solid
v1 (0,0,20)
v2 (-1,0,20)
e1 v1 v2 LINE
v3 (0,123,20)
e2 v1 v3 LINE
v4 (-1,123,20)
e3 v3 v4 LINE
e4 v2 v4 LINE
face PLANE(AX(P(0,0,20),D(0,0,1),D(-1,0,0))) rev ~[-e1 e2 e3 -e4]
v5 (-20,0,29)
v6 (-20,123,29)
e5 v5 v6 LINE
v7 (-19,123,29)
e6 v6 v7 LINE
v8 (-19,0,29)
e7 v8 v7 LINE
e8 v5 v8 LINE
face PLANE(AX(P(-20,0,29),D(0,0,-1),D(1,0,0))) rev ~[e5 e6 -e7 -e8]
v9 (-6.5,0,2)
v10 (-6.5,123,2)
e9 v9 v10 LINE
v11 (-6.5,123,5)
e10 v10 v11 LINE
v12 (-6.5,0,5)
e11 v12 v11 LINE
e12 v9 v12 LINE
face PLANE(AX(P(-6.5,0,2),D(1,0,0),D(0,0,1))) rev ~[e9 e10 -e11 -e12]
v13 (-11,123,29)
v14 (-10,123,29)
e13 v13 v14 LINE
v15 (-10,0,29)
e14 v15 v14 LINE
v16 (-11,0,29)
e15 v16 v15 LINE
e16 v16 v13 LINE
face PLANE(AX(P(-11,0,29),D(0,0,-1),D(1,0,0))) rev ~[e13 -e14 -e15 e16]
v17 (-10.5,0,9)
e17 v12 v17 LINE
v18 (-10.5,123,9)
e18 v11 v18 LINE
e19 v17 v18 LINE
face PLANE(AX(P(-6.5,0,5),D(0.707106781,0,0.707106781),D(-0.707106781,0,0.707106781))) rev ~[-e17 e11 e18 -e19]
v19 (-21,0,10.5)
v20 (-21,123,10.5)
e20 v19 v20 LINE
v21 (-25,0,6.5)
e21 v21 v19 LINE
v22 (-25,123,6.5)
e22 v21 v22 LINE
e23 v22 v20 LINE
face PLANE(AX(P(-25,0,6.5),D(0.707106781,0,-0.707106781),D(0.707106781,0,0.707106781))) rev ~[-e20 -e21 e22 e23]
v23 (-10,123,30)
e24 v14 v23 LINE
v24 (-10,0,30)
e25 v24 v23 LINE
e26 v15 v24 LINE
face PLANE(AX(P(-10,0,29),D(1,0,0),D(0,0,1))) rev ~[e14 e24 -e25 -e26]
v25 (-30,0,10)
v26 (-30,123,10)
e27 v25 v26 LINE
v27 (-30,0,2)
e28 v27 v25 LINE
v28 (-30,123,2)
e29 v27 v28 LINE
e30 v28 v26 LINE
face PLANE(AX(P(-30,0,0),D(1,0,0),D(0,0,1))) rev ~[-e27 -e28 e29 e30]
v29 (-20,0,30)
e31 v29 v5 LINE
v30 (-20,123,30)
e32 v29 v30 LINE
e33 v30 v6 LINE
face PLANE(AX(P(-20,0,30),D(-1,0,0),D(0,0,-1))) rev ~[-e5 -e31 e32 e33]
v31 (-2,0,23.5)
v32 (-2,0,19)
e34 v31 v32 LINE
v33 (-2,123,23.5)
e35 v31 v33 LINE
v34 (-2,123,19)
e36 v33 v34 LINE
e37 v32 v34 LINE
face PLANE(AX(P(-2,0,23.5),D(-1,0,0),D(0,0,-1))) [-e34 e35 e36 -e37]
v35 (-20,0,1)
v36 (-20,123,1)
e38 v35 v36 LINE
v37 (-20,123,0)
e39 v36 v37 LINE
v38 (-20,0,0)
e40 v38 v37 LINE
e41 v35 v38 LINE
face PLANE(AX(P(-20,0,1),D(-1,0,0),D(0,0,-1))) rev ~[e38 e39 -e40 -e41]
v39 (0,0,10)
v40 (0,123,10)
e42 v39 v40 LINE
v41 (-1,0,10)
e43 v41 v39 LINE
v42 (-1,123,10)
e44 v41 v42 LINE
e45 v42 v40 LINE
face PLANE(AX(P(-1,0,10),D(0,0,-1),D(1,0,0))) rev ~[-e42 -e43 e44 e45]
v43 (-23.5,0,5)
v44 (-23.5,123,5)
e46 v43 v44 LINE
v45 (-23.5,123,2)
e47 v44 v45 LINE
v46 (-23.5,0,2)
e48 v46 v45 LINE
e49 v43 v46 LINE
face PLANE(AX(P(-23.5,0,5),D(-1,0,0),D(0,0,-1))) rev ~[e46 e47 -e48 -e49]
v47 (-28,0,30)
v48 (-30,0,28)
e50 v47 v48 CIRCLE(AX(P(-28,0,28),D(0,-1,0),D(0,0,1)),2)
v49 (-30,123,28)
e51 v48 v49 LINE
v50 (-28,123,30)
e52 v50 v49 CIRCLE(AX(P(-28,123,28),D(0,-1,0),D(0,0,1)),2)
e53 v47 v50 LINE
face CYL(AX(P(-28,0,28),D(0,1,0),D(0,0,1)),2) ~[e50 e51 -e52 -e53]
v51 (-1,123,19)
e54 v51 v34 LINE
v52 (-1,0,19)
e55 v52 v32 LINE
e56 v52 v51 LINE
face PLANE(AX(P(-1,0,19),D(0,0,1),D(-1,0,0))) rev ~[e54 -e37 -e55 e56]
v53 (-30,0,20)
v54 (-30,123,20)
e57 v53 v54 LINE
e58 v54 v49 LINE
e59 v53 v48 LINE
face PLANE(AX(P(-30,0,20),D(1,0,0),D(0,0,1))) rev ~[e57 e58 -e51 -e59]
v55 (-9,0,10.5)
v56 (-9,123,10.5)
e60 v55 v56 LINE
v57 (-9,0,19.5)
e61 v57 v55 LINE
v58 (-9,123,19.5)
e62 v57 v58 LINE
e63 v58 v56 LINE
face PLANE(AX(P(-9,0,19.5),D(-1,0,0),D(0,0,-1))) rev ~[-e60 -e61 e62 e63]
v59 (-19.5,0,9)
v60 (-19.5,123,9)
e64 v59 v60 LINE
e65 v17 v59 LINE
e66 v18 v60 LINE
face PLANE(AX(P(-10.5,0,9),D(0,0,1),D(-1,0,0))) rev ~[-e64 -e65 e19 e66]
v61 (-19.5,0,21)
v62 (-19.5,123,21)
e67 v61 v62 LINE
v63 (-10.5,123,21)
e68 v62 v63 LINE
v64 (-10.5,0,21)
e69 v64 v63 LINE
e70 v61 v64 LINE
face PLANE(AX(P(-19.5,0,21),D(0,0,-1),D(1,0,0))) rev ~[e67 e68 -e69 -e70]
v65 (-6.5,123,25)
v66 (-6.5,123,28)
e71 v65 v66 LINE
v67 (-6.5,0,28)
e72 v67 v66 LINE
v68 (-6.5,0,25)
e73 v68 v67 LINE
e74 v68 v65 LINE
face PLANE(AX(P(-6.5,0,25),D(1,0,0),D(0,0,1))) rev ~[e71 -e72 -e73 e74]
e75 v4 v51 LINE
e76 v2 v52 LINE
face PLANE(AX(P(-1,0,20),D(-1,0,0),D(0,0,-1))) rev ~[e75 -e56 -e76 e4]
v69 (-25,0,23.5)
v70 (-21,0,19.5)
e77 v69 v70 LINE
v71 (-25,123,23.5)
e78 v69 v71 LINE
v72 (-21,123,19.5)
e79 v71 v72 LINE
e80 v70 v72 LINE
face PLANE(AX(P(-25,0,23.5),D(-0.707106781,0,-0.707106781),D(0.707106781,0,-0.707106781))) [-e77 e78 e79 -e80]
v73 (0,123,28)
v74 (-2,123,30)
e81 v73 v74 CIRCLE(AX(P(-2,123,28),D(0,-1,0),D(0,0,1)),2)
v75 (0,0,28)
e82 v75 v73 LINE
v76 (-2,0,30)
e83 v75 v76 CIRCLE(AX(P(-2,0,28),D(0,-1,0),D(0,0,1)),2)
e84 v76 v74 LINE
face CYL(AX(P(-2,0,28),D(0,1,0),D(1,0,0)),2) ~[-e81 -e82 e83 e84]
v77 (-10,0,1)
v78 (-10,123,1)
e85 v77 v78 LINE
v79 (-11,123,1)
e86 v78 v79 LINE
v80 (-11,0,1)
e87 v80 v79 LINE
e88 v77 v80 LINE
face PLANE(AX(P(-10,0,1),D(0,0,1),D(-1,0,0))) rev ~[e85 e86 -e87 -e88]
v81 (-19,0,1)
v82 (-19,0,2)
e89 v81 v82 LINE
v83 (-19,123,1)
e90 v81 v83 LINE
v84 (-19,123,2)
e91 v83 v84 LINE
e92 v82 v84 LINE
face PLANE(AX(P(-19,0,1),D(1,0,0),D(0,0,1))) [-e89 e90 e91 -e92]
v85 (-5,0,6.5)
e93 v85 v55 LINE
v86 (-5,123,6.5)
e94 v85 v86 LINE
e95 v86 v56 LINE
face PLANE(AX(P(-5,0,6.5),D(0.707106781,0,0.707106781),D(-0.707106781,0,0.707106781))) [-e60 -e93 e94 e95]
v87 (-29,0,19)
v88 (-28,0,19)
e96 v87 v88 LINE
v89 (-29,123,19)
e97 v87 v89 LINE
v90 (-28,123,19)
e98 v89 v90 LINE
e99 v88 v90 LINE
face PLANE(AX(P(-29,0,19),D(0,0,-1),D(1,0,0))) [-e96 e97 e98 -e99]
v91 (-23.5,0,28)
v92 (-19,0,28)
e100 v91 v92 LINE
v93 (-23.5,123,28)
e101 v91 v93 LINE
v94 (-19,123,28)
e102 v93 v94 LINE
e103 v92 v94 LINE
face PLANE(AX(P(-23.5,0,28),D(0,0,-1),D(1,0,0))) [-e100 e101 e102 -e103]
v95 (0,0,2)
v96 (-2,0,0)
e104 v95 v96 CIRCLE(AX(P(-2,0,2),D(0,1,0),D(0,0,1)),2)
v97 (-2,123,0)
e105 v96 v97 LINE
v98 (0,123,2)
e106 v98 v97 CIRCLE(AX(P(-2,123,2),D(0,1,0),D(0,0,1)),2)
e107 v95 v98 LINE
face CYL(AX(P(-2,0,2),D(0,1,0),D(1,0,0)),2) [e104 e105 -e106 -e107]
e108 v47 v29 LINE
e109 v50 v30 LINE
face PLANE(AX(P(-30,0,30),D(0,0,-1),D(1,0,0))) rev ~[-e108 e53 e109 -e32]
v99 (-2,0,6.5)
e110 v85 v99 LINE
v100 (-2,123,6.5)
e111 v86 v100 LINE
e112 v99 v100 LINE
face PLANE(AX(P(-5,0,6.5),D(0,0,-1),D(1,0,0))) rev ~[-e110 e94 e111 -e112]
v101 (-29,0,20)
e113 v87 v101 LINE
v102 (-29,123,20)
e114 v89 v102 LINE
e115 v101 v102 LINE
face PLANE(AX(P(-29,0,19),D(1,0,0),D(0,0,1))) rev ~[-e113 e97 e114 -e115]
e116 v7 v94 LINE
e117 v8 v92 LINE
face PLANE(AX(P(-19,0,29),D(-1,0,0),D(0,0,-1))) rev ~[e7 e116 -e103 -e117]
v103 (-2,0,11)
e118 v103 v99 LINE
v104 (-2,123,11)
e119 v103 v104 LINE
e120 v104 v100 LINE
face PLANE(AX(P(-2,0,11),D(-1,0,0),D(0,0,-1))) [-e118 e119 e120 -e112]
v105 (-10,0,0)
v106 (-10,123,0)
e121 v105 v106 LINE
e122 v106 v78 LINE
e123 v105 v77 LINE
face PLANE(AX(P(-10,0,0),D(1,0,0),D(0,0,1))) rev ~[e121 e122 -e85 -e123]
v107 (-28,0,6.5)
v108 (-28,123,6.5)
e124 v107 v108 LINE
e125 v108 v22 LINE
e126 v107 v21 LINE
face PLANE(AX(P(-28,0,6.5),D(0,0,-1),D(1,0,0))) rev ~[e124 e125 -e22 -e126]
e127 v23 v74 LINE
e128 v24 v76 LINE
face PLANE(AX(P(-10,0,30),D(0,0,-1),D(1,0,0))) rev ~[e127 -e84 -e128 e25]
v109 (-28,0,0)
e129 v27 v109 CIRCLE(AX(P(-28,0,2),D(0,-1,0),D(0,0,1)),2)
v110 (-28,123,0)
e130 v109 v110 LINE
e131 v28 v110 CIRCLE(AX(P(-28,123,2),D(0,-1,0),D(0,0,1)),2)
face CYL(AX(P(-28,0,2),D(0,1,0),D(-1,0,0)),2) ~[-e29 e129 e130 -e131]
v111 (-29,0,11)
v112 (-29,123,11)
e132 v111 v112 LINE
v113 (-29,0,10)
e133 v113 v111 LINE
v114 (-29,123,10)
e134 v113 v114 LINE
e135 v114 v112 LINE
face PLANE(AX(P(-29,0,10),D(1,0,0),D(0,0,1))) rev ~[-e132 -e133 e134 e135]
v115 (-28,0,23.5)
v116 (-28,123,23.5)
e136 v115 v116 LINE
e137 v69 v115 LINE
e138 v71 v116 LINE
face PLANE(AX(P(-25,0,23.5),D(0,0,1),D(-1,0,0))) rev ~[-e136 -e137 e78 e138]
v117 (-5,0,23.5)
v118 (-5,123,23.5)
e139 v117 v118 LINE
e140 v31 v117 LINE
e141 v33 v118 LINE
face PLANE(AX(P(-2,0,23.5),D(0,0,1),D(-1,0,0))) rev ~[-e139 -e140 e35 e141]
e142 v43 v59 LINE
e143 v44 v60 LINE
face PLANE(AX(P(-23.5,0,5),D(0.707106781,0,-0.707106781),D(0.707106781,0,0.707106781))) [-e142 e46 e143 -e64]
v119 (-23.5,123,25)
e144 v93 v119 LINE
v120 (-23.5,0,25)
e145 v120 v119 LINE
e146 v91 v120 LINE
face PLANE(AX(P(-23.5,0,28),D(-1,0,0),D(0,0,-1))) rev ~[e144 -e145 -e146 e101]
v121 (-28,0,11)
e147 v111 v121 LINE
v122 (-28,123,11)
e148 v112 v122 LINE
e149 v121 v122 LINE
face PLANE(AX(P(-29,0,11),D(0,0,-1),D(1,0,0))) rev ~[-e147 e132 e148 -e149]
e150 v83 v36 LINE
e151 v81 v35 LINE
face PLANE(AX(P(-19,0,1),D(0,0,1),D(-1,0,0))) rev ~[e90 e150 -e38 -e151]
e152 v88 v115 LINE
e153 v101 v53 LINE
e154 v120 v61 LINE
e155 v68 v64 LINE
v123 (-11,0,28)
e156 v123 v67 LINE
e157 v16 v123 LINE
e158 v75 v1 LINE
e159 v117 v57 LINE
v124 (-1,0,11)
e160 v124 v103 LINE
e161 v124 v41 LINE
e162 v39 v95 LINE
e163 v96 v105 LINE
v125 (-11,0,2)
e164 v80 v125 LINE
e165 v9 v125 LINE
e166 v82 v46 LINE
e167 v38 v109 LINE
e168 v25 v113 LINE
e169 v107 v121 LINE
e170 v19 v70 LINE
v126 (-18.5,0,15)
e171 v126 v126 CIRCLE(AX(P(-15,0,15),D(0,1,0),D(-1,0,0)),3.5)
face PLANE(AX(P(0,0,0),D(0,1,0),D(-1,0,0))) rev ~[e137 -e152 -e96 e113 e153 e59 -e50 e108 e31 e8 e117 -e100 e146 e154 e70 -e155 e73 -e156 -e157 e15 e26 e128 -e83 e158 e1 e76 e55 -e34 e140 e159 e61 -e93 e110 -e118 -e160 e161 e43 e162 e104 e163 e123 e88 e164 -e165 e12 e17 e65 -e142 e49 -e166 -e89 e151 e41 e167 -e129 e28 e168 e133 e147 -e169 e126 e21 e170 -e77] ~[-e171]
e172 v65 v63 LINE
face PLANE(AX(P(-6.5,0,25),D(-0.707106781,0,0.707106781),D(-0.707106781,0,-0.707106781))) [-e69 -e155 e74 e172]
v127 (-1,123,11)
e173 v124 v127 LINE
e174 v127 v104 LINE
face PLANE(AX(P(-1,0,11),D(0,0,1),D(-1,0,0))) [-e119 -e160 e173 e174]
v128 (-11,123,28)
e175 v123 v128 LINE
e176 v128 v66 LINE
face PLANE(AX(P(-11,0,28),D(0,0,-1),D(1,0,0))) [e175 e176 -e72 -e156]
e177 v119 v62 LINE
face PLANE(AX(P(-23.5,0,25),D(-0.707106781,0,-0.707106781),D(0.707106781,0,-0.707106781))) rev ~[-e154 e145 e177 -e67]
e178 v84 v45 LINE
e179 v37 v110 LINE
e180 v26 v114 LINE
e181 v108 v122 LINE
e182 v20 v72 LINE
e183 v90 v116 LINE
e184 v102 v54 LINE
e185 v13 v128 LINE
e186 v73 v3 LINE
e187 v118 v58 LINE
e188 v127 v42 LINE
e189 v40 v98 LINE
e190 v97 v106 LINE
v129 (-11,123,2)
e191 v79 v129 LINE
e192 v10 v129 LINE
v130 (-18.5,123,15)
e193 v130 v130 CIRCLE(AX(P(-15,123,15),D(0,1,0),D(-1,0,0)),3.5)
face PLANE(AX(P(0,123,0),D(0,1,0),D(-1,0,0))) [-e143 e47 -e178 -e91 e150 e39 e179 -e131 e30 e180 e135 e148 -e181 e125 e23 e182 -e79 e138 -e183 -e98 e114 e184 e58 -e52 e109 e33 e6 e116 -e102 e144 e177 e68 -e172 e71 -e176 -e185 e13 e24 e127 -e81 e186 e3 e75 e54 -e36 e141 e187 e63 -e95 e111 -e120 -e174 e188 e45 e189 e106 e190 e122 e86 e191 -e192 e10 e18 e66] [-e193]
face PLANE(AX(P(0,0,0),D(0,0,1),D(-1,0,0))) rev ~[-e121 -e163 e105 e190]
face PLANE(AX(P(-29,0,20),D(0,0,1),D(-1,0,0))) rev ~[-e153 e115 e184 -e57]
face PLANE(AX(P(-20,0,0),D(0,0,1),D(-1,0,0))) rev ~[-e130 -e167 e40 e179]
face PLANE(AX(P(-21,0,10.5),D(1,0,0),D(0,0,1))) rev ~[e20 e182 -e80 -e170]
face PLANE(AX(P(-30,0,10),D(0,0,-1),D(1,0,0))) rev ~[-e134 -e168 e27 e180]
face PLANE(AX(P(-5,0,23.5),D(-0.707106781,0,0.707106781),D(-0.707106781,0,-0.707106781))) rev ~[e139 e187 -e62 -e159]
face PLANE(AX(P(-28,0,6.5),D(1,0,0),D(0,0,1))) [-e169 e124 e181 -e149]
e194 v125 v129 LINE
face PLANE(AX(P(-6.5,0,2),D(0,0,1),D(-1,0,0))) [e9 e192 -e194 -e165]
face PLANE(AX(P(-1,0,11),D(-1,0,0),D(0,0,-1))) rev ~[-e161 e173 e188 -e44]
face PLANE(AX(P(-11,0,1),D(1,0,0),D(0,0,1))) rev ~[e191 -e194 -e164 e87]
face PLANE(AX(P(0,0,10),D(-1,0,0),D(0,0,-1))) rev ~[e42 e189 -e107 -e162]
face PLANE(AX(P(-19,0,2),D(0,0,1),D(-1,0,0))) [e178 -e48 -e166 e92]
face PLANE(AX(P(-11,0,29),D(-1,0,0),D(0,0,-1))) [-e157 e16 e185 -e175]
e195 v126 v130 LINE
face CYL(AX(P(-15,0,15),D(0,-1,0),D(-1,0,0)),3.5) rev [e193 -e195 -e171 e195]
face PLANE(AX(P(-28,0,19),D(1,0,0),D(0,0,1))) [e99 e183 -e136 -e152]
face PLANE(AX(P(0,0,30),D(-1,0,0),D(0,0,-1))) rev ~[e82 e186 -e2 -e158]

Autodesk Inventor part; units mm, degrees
ref_plane "YZ Plane" through (0, 0, 0) normal (1, 0, 0) x (0, 1, 0)
ref_plane "XZ Plane" through (0, 0, 0) normal (0, 1, 0) x (-1, 0, 0)
ref_plane "XY Plane" through (0, 0, 0) normal (0, 0, 1) x (1, 0, 0)
sketch "Skizze2" plane through (0, 0, 0) normal (0, 1, 0) x (-1, 0, 0)
  line L0 (0, 0) -> (30, 0)
  line L1 (30, 0) -> (30, 30)
  line L2 (30, 30) -> (0, 30)
  line L3 (0, 30) -> (0, 0)
  line L4 (28, 28) -> (2, 28)
  line L5 (2, 28) -> (2, 2)
  line L6 (2, 2) -> (28, 2)
  line L7 (28, 2) -> (28, 28)
  line L8 (19, 30) -> (19, 28)
  line L9 (11, 30) -> (11, 28)
  line L10 (23.5, 28) -> (23.5, 25)
  line L11 (19.5, 21) -> (10.5, 21)
  line L12 (6.5, 25) -> (6.5, 28)
  line L13 (23.5, 25) -> (19.5, 21)
  line L14 (6.5, 25) -> (10.5, 21)
  line L15 (5, 6.5) -> (2, 6.5)
  line L16 (9, 19.5) -> (9, 10.5)
  line L17 (5, 23.5) -> (9, 19.5)
  line L18 (2, 23.5) -> (5, 23.5)
  line L19 (0, 19) -> (2, 19)
  line L20 (0, 11) -> (2, 11)
  line L21 (5, 6.5) -> (9, 10.5)
  line L22 (23.5, 5) -> (23.5, 2)
  line L23 (10.5, 9) -> (19.5, 9)
  line L24 (6.5, 5) -> (10.5, 9)
  line L25 (6.5, 2) -> (6.5, 5)
  line L26 (11, 0) -> (11, 2)
  line L27 (19, 0) -> (19, 2)
  line L28 (23.5, 5) -> (19.5, 9)
  line L29 (25, 23.5) -> (28, 23.5)
  line L30 (21, 10.5) -> (21, 19.5)
  line L31 (25, 6.5) -> (21, 10.5)
  line L32 (28, 6.5) -> (25, 6.5)
  line L33 (30, 11) -> (28, 11)
  line L34 (30, 19) -> (28, 19)
  line L35 (25, 23.5) -> (21, 19.5)
  circle A0 centre (15, 15) radius 3.5
  line L36 (20, 30) -> (20, 29)
  line L37 (20, 29) -> (19, 29)
  line L38 (11, 29) -> (10, 29)
  line L39 (10, 29) -> (10, 30)
  line L40 (1, 10) -> (0, 10)
  line L41 (1, 11) -> (1, 10)
  line L42 (1, 20) -> (1, 19)
  line L43 (0, 20) -> (1, 20)
  line L44 (20, 1) -> (20, 0)
  line L45 (19, 1) -> (20, 1)
  line L46 (10, 1) -> (11, 1)
  line L47 (10, 0) -> (10, 1)
  line L48 (29, 20) -> (30, 20)
  line L49 (29, 19) -> (29, 20)
  line L50 (29, 10) -> (29, 11)
  line L51 (30, 10) -> (29, 10)
  point P0 (23.5, 21)
  point P1 (6.5, 21)
  point P2 (9, 6.5)
  point P3 (9, 23.5)
  point P4 (23.5, 9)
  point P5 (6.5, 9)
  point P6 (21, 23.5)
  point P7 (21, 6.5)
  dimension "d23" = 30
  dimension "d24" = 30
  dimension "d25" = 2
  dimension "d26" = 2
  dimension "d27" = 2
  dimension "d28" = 2
  dimension "d29" = 8
  dimension "d30" = 11
  dimension "d32" = 6.5
  dimension "d33" = 17
  dimension "d34" = 9
  dimension "d35" = 4
  dimension "d36" = 4
  dimension "d37" = 4
  dimension "d38" = 4
  dimension "d39" = 15
  dimension "d40" = 15
  dimension "d43" = 360
  dimension "d45" = 7
  dimension "d46" = 1
  dimension "d47" = 1
  dimension "d48" = 1
  dimension "d49" = 1
  dimension "d52" = 360
extrude "Extrusion1" add sketch "Skizze2" along normal blind 123 contours L3 L40 L41 L20 L5 L6 L26 L46 L47 L0 | L44 L45 L27 L6 L7 L33 L50 L51 L1 L0 | L3 L2 L39 L38 L9 L4 L5 L19 L42 L43 | L6 L5 L15 L21 L16 L17 L18 L4 L12 L14 L11 L13 L10 L7 L29 L35 L30 L31 L32 L22 L28 L23 L24 L25 | L48 L49 L34 L7 L4 L8 L37 L36 L2 L1
fillet "Rundung1" radius 2 4 edges at (0, 61.5, 30) (0, 61.5, 0) (-30, 61.5, 0) (-30, 61.5, 30)
properties part number "ITEM_Profil"
